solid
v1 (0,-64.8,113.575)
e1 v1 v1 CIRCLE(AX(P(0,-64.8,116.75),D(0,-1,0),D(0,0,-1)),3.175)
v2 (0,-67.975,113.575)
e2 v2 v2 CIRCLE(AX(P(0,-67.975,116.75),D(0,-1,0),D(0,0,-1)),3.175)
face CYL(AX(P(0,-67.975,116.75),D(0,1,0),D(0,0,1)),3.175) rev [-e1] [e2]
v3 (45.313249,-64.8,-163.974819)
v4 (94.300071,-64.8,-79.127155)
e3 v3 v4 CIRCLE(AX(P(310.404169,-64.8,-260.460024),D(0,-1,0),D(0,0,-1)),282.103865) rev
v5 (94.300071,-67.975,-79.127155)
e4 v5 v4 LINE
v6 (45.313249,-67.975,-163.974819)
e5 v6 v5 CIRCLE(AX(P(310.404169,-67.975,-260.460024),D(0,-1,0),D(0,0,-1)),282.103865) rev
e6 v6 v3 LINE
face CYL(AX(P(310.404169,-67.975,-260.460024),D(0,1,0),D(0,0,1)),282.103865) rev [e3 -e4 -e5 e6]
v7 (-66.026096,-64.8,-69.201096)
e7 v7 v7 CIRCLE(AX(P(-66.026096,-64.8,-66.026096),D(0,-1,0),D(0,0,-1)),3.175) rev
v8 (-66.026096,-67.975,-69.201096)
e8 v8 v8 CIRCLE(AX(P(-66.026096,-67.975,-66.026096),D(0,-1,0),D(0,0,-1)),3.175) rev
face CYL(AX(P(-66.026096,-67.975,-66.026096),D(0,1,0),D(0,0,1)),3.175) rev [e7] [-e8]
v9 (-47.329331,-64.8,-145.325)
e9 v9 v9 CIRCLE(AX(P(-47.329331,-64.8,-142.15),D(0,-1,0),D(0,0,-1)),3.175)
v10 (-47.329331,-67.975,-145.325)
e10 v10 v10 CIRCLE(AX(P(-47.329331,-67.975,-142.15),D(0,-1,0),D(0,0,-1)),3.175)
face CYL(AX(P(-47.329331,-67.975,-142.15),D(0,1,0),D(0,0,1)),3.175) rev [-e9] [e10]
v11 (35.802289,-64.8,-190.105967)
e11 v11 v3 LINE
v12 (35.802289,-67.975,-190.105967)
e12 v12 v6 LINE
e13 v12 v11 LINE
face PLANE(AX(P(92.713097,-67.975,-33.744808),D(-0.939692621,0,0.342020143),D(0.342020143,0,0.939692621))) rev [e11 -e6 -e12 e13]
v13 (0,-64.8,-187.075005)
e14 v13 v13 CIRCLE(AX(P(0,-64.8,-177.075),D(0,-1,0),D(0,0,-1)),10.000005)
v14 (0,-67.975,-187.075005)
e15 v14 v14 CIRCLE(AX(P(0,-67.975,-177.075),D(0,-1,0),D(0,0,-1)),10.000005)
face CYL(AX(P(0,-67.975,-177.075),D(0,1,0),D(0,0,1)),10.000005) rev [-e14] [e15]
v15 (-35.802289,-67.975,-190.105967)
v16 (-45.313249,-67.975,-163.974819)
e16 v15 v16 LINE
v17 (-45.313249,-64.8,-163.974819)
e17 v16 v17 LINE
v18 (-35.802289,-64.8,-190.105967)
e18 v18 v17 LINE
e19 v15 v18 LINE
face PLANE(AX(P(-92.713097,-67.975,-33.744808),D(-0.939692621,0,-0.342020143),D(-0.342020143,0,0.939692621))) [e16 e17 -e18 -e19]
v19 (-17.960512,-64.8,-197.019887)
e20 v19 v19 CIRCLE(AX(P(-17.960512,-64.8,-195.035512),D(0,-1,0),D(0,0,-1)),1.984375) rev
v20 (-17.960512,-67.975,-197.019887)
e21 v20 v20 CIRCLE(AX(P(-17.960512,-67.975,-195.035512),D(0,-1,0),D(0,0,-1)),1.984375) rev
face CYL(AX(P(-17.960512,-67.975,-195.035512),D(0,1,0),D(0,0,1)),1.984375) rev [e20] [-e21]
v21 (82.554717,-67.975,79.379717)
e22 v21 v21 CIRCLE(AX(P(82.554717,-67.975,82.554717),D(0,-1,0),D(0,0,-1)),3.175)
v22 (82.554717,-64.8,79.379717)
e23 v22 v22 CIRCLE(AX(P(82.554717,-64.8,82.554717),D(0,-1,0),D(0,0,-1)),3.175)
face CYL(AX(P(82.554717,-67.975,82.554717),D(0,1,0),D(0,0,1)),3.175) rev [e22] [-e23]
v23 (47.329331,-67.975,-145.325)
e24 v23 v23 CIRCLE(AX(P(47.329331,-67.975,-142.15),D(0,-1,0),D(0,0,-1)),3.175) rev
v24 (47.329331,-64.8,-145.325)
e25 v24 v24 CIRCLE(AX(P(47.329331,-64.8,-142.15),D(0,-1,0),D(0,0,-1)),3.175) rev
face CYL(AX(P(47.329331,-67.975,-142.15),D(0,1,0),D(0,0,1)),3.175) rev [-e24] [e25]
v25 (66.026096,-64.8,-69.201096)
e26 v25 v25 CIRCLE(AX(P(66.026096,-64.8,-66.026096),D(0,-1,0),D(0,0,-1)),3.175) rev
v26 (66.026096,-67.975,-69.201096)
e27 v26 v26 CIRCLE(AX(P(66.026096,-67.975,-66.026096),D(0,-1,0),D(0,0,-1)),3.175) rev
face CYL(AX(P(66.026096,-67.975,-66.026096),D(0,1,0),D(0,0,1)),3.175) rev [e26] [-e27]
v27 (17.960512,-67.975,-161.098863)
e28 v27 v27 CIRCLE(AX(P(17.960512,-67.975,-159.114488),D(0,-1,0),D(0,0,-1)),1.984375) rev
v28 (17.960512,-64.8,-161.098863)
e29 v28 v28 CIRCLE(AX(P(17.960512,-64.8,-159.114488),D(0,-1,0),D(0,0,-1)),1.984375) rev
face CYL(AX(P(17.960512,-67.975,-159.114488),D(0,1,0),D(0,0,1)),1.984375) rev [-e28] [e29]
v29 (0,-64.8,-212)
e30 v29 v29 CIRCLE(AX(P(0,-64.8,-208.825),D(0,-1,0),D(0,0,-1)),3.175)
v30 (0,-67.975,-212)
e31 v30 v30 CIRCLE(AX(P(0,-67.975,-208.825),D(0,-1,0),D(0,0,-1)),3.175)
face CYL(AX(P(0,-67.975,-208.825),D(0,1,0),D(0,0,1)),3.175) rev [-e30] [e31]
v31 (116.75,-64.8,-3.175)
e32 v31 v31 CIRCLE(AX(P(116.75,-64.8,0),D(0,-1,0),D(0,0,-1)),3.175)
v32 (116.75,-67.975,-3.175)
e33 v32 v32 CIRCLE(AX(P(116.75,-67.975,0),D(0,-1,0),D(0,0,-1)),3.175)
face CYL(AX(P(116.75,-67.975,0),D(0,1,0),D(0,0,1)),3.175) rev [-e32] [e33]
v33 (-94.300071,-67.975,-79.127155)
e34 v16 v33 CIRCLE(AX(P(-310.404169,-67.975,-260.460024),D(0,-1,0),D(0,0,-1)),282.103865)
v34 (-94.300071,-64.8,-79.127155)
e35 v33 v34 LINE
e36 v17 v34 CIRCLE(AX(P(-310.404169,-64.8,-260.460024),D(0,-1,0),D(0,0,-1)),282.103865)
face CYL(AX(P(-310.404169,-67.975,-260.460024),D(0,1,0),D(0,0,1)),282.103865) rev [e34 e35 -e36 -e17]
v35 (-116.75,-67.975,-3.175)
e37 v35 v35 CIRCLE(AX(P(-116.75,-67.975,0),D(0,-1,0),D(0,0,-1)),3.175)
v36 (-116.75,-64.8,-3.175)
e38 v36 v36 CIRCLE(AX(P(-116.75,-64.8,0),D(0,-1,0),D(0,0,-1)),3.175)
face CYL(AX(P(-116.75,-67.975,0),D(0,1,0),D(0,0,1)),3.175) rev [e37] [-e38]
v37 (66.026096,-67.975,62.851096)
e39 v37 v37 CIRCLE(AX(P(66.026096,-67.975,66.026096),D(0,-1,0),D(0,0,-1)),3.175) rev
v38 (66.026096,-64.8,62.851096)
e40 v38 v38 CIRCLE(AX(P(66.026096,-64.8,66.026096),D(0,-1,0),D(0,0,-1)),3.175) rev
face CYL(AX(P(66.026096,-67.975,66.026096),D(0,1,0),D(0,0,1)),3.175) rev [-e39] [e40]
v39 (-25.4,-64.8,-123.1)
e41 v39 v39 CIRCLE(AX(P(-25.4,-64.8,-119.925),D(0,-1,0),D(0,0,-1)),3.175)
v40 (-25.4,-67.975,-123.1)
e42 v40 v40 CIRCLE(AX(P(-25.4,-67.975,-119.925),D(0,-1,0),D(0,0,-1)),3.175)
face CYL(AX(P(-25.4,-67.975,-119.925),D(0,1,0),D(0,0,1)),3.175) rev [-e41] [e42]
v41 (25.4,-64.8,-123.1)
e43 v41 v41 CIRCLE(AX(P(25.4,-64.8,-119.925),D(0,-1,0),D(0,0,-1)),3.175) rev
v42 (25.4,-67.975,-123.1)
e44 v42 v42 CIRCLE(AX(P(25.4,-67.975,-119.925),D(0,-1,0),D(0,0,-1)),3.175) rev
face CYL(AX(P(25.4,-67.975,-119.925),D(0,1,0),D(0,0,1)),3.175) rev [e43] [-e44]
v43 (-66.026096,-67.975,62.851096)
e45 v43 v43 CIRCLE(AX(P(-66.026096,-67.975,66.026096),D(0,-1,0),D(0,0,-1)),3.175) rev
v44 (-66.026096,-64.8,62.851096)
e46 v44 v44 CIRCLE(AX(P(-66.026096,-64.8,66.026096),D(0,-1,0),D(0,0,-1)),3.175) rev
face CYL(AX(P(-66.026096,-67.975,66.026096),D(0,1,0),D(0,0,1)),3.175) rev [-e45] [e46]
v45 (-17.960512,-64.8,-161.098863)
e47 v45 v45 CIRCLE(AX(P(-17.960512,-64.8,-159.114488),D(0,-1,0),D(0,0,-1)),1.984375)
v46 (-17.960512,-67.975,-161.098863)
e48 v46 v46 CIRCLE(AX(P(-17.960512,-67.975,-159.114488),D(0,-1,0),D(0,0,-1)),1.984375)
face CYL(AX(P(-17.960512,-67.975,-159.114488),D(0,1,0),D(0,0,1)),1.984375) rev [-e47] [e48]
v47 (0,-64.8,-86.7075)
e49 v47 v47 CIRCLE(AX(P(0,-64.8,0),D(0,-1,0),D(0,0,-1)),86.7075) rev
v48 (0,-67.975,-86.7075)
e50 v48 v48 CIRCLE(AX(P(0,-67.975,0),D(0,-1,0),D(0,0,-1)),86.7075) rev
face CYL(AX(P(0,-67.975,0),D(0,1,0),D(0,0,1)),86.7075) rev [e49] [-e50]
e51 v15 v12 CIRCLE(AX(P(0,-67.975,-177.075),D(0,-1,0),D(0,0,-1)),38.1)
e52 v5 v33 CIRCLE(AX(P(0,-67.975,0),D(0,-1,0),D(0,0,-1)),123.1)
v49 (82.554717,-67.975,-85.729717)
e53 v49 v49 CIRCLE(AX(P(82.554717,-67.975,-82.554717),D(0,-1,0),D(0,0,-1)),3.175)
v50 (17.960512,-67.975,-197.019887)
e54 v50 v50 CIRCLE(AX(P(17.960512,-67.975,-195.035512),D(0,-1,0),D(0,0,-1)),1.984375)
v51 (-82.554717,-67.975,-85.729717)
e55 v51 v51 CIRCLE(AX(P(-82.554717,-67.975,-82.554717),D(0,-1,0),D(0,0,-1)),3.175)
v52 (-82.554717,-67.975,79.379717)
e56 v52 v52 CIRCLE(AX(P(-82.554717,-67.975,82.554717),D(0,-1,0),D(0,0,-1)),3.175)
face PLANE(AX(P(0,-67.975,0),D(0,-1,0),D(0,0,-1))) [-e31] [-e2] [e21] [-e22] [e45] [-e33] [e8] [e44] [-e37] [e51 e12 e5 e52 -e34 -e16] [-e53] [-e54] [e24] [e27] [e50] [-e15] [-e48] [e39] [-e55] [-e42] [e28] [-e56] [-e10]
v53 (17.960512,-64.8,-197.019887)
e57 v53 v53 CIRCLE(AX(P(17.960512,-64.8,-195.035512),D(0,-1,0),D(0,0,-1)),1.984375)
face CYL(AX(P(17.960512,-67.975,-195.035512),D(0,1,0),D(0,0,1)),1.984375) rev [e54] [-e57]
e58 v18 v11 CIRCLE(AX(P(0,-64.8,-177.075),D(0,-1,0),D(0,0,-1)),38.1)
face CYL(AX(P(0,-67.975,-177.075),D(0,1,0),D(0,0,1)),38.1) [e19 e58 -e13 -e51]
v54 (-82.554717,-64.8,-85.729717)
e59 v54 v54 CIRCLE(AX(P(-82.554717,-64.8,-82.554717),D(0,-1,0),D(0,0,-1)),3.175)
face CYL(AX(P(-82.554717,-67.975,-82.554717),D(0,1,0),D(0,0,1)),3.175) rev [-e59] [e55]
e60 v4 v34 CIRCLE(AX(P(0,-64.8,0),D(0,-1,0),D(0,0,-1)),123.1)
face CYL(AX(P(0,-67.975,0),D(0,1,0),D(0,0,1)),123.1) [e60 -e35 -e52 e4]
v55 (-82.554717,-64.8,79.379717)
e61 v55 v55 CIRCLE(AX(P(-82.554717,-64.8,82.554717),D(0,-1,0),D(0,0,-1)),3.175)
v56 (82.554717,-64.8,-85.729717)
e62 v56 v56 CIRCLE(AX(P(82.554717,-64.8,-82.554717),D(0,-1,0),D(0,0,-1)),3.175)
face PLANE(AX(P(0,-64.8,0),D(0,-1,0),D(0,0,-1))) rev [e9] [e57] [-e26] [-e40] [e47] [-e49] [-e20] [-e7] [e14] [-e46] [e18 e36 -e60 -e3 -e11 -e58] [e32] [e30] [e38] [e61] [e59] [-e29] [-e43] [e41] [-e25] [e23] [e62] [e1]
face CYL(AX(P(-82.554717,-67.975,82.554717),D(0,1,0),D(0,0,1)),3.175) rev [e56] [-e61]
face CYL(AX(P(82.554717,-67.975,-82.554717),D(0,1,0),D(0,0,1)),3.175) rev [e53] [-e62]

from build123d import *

# Parameters (mm, degrees)
SKETCH1_R           = 1.984375
SKETCH1_R_2         = 3.175
SKETCH1_R_3         = 10.0000054
SKETCH1_R_4         = 86.7075
BOSS_EXTRUDE1_DEPTH = 3.175


with BuildPart() as part:
    # Sketch1 → Boss-Extrude1 (new body)
    with BuildSketch(Plane.XZ.offset(64.8)):
        with BuildLine():
            ThreePointArc((-35.802288852, -190.105967461), (0, -215.175), (35.802288852, -190.105967461))
            Line((35.802288852, -190.105967461), (45.31324895, -163.974819355))
            ThreePointArc((45.31324895, -163.974819355), (66.095055559, -119.40809126), (94.300070948, -79.127154752))
            ThreePointArc((94.300070948, -79.127154752), (0, 123.1), (-94.300070948, -79.127154752))
            ThreePointArc((-94.300070948, -79.127154752), (-66.095055559, -119.40809126), (-45.31324895, -163.974819355))
            Line((-45.31324895, -163.974819355), (-35.802288852, -190.105967461))
        make_face()
        with Locations(Location((-17.960512242, -195.035512242, 0), (0, 0, 270))):
            Circle(SKETCH1_R, mode=Mode.SUBTRACT)
        with Locations(Location((-47.329330924, -142.15, 0), (0, 0, 270))):
            Circle(SKETCH1_R_2, mode=Mode.SUBTRACT)
        with Locations(Location((-17.960512242, -159.114487758, 0), (0, 0, 270))):
            Circle(SKETCH1_R, mode=Mode.SUBTRACT)
        with Locations(Location((-82.554716704, -82.554716704, 0), (0, 0, 270))):
            Circle(SKETCH1_R_2, mode=Mode.SUBTRACT)
        with Locations(Location((-25.4, -119.925, 0), (0, 0, 270))):
            Circle(SKETCH1_R_2, mode=Mode.SUBTRACT)
        with Locations(Location((0, -208.825, 0), (0, 0, 270))):
            Circle(SKETCH1_R_2, mode=Mode.SUBTRACT)
        with Locations(Location((17.960512242, -195.035512242, 0), (0, 0, 270))):
            Circle(SKETCH1_R, mode=Mode.SUBTRACT)
        with Locations(Location((0, -177.075, 0), (0, 0, 270))):
            Circle(SKETCH1_R_3, mode=Mode.SUBTRACT)
        with Locations(Location((17.960512242, -159.114487758, 0), (0, 0, 270))):
            Circle(SKETCH1_R, mode=Mode.SUBTRACT)
        with Locations(Location((47.329330924, -142.15, 0), (0, 0, 270))):
            Circle(SKETCH1_R_2, mode=Mode.SUBTRACT)
        with Locations(Location((25.4, -119.925, 0), (0, 0, 270))):
            Circle(SKETCH1_R_2, mode=Mode.SUBTRACT)
        with Locations(Location((82.554716704, -82.554716704, 0), (0, 0, 270))):
            Circle(SKETCH1_R_2, mode=Mode.SUBTRACT)
        with Locations(Location((-116.75, 0, 0), (0, 0, 270))):
            Circle(SKETCH1_R_2, mode=Mode.SUBTRACT)
        with Locations(Location((-82.554716704, 82.554716704, 0), (0, 0, 270))):
            Circle(SKETCH1_R_2, mode=Mode.SUBTRACT)
        with Locations(Location((0, 116.75, 0), (0, 0, 270))):
            Circle(SKETCH1_R_2, mode=Mode.SUBTRACT)
        with Locations(Location((116.75, 0, 0), (0, 0, 270))):
            Circle(SKETCH1_R_2, mode=Mode.SUBTRACT)
        with Locations(Location((82.554716704, 82.554716704, 0), (0, 0, 270))):
            Circle(SKETCH1_R_2, mode=Mode.SUBTRACT)
        with Locations(Location((66.026095693, 66.026095693, 0), (0, 0, 270))):
            Circle(SKETCH1_R_2, mode=Mode.SUBTRACT)
        with Locations(Location((-66.026095693, -66.026095693, 0), (0, 0, 270))):
            Circle(SKETCH1_R_2, mode=Mode.SUBTRACT)
        with Locations(Location((66.026095693, -66.026095693, 0), (0, 0, 270))):
            Circle(SKETCH1_R_2, mode=Mode.SUBTRACT)
        with Locations(Location((-66.026095693, 66.026095693, 0), (0, 0, 270))):
            Circle(SKETCH1_R_2, mode=Mode.SUBTRACT)
        with Locations(Location((0, 0, 0), (0, 0, 270))):
            Circle(SKETCH1_R_4, mode=Mode.SUBTRACT)
    extrude(amount=BOSS_EXTRUDE1_DEPTH)


solid = part.part
